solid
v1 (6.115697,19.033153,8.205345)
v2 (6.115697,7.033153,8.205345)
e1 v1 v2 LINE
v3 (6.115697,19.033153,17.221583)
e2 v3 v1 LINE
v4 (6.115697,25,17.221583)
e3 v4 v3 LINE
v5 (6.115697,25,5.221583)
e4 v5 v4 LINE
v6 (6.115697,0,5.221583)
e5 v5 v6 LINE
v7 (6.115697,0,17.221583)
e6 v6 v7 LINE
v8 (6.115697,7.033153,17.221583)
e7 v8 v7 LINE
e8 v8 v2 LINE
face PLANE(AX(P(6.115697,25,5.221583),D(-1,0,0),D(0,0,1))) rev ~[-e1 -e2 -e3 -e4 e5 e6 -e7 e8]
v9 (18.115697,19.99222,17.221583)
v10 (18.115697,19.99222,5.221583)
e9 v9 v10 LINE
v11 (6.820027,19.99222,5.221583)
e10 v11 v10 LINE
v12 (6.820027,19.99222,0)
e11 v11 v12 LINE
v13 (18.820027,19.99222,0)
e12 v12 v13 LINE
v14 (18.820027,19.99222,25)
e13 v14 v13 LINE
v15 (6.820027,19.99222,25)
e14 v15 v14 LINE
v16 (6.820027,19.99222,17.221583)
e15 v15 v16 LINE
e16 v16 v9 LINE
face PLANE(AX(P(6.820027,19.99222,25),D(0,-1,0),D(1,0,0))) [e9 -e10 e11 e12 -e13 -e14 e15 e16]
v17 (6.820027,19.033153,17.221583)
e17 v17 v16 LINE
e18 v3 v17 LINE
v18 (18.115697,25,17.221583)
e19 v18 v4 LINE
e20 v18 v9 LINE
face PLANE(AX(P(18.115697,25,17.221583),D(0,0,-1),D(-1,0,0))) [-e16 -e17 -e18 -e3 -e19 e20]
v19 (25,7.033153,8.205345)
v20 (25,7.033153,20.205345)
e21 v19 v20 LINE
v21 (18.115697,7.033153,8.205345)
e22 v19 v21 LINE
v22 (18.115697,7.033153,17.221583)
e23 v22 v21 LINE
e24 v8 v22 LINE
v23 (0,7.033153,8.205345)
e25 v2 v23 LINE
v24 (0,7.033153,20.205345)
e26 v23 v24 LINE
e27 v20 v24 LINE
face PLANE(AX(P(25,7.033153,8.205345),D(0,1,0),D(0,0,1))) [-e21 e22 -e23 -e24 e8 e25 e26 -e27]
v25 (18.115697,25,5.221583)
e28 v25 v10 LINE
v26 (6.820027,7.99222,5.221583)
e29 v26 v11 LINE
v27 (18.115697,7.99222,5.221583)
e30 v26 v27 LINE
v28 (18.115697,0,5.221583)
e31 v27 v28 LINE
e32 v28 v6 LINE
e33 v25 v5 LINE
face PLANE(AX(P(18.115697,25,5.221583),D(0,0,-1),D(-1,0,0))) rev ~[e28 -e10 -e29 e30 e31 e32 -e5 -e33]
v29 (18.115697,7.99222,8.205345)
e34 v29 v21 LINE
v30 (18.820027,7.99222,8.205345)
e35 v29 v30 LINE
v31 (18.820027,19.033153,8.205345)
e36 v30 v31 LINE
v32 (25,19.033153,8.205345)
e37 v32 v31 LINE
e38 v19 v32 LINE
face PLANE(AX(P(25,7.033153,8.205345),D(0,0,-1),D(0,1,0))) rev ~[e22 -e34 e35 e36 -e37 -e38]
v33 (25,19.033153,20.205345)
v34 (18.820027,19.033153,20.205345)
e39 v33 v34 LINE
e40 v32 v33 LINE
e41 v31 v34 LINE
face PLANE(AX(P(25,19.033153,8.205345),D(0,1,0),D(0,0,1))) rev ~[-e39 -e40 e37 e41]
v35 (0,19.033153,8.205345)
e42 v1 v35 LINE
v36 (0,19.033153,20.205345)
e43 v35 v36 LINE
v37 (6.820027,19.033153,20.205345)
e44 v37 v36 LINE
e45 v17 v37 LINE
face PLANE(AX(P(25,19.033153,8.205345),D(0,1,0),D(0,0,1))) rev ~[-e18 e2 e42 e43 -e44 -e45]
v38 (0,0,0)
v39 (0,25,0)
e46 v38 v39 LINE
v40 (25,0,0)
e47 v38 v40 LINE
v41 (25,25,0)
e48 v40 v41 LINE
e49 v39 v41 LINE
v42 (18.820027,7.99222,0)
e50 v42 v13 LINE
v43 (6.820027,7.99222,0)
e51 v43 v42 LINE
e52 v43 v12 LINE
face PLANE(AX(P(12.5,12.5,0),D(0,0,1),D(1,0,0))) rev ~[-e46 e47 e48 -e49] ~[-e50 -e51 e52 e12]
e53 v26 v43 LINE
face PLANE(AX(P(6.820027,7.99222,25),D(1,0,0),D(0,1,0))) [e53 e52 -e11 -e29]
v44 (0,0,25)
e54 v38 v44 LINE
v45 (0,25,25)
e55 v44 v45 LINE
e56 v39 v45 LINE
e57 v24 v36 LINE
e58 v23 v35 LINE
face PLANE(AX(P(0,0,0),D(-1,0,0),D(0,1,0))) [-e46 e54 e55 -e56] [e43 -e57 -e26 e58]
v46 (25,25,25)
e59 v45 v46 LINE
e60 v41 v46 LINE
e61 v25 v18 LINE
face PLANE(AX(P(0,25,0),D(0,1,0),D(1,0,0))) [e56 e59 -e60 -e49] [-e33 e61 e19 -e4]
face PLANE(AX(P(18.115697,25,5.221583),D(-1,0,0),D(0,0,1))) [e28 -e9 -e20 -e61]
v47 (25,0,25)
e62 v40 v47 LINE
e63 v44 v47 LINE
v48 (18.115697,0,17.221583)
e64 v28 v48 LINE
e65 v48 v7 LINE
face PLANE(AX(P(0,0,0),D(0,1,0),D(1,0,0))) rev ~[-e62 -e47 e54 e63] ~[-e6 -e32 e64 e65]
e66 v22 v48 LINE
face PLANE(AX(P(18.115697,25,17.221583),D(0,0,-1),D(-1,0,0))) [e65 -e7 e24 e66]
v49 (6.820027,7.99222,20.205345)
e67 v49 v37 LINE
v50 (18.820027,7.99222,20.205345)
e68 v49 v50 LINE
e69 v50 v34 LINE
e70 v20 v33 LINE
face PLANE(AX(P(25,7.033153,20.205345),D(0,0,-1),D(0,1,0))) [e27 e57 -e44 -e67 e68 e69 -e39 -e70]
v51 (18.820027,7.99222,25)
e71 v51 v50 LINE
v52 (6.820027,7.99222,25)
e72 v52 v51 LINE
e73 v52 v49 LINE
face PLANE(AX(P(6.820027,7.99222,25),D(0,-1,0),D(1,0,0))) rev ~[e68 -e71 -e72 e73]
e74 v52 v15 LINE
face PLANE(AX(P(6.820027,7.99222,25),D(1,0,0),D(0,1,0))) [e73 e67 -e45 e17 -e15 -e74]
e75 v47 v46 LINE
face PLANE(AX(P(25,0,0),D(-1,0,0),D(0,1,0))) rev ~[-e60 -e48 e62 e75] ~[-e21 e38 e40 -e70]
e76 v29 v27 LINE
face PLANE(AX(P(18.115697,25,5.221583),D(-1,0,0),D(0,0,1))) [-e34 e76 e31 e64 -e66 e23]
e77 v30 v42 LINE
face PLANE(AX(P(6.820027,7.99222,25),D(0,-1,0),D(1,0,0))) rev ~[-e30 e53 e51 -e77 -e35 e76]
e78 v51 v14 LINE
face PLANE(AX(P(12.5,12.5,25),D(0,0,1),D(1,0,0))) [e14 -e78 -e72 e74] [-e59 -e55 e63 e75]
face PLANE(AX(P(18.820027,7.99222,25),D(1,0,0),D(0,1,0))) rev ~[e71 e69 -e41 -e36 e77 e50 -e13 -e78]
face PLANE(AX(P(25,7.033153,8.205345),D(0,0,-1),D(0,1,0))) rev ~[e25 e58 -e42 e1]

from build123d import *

# Parameters (mm, degrees)
F0_W     = 25
F0_H     = 25
F1_DEPTH = 25
F2_W     = 12
F2_H     = 12
F3_DEPTH = 25
F4_W     = 12
F4_H     = 12
F5_DEPTH = 25
F6_W     = 12
F6_H     = 12
F7_DEPTH = 25


with BuildPart() as f1:
    # F0 (on Top) → F1 (new body)
    with BuildSketch(Plane.XY):
        with Locations((12.5, 12.5)):
            Rectangle(F0_W, F0_H)
    extrude(amount=F1_DEPTH)

    # F2 (on face) → F3 (cut)
    with BuildSketch(Plane.XY.offset(25)):
        with Locations((12.820027, 13.99222)):
            Rectangle(F2_W, F2_H)
    extrude(amount=-F3_DEPTH, mode=Mode.SUBTRACT)

    # F4 (on face) → F5 (cut)
    with BuildSketch(Plane(origin=(0, 25, 0), x_dir=(-1, 0, 0), z_dir=(0, 1, 0))):
        with Locations((-12.115697, 11.221583)):
            Rectangle(F4_W, F4_H)
    extrude(amount=-F5_DEPTH, mode=Mode.SUBTRACT)

    # F6 (on face) → F7 (cut)
    with BuildSketch(Plane.YZ.offset(25)):
        with Locations((13.033153, 14.205345)):
            Rectangle(F6_W, F6_H)
    extrude(amount=-F7_DEPTH, mode=Mode.SUBTRACT)


solid = f1.part
